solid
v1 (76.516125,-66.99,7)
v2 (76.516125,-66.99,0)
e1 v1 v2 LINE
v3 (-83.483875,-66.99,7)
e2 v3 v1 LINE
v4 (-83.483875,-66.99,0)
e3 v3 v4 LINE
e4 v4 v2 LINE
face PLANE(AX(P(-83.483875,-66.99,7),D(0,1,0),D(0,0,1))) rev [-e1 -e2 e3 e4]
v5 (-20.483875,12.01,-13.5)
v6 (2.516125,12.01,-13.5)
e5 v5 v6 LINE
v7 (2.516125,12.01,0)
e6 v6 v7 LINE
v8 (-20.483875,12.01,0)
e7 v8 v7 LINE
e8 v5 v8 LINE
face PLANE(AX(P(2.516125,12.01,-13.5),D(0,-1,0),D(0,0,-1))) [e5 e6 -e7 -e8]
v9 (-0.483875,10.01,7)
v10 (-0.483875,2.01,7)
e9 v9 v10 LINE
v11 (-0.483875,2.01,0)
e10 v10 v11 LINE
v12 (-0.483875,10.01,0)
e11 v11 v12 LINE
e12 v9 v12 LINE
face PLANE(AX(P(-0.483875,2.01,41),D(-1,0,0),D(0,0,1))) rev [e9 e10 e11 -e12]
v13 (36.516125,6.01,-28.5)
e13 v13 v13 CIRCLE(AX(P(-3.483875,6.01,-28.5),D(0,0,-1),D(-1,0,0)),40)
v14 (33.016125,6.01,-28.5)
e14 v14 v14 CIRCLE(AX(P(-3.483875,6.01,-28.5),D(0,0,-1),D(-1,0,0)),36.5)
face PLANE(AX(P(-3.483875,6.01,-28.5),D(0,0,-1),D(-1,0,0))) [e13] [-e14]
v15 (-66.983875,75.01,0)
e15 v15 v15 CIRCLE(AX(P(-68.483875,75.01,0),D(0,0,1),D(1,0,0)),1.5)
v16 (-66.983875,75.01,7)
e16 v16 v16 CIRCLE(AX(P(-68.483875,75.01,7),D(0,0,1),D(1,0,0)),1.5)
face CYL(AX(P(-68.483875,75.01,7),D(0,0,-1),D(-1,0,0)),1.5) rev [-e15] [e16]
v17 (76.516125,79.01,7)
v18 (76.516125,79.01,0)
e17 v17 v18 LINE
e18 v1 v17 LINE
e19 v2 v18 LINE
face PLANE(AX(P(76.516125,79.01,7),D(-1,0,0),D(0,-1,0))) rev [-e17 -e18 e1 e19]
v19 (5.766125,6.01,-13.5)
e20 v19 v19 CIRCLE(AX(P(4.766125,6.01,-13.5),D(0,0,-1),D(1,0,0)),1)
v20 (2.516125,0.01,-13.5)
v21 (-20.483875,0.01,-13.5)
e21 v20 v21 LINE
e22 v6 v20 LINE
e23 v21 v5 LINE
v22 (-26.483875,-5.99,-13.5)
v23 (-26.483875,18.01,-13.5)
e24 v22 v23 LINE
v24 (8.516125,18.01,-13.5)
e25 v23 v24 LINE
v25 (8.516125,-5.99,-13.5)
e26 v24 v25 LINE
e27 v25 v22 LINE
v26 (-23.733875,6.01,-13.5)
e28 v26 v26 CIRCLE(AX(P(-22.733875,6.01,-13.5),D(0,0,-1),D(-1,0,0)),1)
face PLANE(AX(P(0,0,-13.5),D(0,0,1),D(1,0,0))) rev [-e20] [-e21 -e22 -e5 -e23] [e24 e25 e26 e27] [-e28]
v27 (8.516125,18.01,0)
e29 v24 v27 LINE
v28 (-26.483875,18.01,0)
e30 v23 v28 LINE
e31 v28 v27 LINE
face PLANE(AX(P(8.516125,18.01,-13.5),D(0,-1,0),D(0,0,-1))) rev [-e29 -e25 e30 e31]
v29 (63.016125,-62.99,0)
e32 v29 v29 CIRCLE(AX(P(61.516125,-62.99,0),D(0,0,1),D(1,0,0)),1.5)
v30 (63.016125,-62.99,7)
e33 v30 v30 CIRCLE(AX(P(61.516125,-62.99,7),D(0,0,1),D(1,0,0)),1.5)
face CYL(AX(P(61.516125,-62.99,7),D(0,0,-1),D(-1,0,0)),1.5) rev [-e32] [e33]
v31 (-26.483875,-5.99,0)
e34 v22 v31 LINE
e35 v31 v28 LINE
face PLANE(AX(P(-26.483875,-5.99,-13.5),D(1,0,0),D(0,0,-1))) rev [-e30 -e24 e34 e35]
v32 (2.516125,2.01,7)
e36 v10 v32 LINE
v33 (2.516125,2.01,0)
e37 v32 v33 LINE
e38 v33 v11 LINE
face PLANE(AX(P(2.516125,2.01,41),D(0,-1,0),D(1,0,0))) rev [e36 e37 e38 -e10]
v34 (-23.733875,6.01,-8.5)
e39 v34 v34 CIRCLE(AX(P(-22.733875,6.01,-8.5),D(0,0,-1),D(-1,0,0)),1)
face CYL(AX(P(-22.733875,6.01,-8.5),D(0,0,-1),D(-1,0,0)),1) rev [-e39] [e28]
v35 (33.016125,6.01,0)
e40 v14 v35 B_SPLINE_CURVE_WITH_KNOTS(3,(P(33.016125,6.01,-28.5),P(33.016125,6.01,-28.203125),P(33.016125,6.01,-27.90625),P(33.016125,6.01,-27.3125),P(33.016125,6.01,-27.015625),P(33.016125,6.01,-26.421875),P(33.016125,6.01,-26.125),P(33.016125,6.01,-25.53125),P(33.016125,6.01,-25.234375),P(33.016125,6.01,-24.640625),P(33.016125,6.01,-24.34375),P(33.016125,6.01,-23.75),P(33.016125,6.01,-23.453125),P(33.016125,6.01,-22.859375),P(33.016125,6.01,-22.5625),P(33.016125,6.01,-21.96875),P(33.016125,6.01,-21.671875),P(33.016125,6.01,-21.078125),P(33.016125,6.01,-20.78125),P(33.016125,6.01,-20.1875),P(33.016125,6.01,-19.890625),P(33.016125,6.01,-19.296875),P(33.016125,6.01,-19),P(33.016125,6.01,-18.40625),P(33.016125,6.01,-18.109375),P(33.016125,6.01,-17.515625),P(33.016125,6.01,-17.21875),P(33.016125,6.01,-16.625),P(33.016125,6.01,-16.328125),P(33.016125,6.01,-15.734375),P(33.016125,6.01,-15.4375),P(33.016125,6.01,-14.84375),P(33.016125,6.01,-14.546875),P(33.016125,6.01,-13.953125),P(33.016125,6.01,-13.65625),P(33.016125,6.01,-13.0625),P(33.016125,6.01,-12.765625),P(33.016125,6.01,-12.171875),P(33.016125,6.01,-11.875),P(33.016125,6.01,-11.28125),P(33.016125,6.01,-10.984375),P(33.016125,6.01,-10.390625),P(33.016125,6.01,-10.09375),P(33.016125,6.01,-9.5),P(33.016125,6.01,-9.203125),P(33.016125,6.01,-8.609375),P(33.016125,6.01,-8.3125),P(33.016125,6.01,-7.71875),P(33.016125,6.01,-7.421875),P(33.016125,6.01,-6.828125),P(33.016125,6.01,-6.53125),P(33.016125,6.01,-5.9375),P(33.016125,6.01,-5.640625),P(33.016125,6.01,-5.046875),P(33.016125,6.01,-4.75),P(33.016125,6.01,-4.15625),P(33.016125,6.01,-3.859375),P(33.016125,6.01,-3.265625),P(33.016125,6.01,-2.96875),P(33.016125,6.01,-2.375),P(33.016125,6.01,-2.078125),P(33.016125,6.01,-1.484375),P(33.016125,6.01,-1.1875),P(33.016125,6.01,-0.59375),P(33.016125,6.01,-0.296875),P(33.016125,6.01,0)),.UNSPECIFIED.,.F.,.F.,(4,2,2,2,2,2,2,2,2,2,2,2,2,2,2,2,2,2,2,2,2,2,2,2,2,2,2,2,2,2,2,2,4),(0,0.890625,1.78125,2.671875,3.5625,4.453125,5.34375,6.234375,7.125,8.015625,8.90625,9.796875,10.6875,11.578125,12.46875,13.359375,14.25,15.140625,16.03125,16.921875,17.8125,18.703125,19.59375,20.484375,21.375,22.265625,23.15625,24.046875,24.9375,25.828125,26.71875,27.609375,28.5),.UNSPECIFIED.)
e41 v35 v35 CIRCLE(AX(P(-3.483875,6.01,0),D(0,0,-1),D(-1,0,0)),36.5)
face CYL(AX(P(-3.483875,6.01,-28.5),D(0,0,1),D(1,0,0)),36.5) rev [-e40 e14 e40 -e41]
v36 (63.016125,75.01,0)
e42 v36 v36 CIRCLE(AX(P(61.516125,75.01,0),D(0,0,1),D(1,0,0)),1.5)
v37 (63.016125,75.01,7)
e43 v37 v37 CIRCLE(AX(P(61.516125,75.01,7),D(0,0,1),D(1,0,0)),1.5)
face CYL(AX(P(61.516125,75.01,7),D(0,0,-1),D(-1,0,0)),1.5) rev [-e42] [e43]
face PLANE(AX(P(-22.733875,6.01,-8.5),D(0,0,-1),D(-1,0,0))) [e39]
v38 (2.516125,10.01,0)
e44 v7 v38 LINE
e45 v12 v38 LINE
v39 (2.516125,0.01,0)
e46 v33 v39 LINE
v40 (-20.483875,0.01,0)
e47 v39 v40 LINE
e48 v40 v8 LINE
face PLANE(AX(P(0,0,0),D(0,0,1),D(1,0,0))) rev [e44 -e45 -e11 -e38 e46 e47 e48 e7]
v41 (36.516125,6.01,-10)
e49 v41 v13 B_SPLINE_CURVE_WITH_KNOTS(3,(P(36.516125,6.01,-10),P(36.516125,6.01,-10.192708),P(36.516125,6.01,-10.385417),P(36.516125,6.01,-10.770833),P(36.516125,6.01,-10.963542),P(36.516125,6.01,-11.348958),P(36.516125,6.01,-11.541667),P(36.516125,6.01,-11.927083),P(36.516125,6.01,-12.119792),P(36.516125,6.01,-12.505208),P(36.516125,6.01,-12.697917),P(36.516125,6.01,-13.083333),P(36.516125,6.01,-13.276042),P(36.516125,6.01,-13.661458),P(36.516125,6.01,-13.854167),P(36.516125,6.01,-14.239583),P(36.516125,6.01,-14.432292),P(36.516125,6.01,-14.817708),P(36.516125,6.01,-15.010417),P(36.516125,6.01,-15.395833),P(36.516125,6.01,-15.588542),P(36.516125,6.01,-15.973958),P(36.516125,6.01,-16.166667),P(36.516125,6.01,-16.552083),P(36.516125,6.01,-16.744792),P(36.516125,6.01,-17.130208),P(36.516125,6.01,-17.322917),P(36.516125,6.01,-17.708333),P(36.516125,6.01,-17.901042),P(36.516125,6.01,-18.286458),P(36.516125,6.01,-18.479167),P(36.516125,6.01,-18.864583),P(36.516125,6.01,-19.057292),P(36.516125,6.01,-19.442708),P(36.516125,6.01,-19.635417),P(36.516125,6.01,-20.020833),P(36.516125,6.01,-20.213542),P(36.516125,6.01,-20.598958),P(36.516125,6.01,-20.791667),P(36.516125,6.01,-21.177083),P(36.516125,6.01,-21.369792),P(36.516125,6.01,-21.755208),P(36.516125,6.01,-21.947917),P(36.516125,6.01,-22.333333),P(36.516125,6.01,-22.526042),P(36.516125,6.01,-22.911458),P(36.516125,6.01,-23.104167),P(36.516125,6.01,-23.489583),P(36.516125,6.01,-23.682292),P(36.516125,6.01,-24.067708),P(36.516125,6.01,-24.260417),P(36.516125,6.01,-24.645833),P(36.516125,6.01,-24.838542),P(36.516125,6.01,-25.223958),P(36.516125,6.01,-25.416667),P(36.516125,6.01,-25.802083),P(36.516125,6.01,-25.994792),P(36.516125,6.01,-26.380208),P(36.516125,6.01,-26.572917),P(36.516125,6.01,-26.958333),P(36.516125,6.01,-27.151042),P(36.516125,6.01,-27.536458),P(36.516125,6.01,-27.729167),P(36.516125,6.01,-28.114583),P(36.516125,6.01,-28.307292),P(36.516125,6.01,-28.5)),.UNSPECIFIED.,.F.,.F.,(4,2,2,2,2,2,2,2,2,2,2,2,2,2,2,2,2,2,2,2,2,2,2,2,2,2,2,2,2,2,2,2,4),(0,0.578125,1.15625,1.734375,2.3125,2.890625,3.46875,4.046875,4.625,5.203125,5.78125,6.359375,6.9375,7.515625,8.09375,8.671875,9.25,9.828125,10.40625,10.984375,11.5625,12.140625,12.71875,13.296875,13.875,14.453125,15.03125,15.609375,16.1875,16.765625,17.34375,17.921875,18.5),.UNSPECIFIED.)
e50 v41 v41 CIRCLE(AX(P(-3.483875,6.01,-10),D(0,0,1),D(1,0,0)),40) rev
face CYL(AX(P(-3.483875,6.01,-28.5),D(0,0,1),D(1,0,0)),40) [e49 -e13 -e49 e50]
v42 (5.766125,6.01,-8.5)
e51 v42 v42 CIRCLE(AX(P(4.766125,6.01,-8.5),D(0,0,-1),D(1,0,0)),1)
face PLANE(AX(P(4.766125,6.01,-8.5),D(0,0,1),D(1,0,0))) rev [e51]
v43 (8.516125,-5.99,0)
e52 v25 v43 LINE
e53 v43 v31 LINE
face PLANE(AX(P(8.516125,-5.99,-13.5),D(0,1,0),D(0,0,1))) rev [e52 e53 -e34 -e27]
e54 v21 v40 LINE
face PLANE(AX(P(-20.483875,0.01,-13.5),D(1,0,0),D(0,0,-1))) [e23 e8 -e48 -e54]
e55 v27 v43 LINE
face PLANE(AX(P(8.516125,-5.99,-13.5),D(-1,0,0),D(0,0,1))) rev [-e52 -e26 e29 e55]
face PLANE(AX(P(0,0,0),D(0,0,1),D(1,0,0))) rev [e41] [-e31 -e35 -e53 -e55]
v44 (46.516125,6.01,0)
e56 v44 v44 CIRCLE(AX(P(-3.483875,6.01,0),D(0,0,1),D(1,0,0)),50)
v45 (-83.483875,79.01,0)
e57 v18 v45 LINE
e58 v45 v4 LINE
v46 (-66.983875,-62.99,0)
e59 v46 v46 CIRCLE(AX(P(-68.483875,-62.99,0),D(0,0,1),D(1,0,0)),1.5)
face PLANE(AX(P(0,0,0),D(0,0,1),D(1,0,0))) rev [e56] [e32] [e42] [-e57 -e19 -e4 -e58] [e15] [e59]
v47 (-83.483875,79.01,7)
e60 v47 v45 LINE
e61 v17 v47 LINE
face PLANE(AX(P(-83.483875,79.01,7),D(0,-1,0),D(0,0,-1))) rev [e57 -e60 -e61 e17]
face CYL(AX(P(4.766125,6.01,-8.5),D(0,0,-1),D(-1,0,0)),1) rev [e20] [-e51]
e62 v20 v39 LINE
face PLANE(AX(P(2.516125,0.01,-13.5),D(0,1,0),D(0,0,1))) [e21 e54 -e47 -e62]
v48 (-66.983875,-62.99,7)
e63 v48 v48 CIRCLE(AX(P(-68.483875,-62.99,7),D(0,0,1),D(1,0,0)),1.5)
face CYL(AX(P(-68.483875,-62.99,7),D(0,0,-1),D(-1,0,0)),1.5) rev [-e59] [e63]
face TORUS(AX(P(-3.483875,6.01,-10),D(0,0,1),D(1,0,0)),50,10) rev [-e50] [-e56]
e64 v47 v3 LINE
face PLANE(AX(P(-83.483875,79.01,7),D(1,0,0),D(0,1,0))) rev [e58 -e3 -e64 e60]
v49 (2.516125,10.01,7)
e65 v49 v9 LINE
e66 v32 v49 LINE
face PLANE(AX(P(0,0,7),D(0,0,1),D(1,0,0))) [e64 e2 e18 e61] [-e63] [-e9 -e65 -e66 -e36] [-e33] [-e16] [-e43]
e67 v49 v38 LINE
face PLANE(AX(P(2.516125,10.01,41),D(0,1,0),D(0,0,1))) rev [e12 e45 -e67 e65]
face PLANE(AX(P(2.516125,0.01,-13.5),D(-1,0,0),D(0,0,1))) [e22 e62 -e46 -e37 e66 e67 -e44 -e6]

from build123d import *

# Parameters (mm, degrees)
SCHIZZO1_W                   = 160
SCHIZZO1_H                   = 146
SCHIZZO1_R                   = 1.5
ESTRUSIONE_ESTRUSIONE1_DEPTH = 7
SCHIZZO2_W                   = 35
SCHIZZO2_H                   = 24
SCHIZZO2_W_2                 = 23
SCHIZZO2_H_2                 = 12
ESTRUSIONE_ESTRUSIONE2_DEPTH = 13.5
SCHIZZO3_R                   = 1
TAGLIO_ESTRUSIONE1_DEPTH     = 5
SCHIZZO4_R                   = 40
SCHIZZO4_R_2                 = 36.5
ESTRUSIONE_ESTRUSIONE3_DEPTH = 28.5
RACCORDO1_R                  = 10
SCHIZZO5_W                   = 3
SCHIZZO5_H                   = 8
TAGLIO_ESTRUSIONE2_DEPTH     = 41


with BuildPart() as part:
    # Schizzo1 → Estrusione-Estrusione1 (new body)
    with BuildSketch(Plane.XY):
        with Locations((-3.483874863, 6.01)):
            Rectangle(SCHIZZO1_W, SCHIZZO1_H)
        with Locations((-68.483874863, 75.01)):
            Circle(SCHIZZO1_R, mode=Mode.SUBTRACT)
        with Locations((61.516125137, 75.01)):
            Circle(SCHIZZO1_R, mode=Mode.SUBTRACT)
        with Locations((-68.483874863, -62.99)):
            Circle(SCHIZZO1_R, mode=Mode.SUBTRACT)
        with Locations((61.516125137, -62.99)):
            Circle(SCHIZZO1_R, mode=Mode.SUBTRACT)
    extrude(amount=ESTRUSIONE_ESTRUSIONE1_DEPTH)

    # Schizzo2 → Estrusione-Estrusione2 (add)
    with BuildSketch(Plane(origin=(0, 0, 0), x_dir=(-1, 0, 0), z_dir=(0, 0, -1))):
        with Locations((8.983874863, 6.01)):
            Rectangle(SCHIZZO2_W, SCHIZZO2_H)
        with Locations((8.983874863, 6.01)):
            Rectangle(SCHIZZO2_W_2, SCHIZZO2_H_2, mode=Mode.SUBTRACT)
    extrude(amount=ESTRUSIONE_ESTRUSIONE2_DEPTH)

    # Schizzo3 → Taglio-Estrusione1 (cut)
    with BuildSketch(Plane(origin=(0, 0, -13.5), x_dir=(-1, 0, 0), z_dir=(0, 0, -1))):
        with Locations((22.733874863, 6.01)):
            Circle(SCHIZZO3_R)
        with Locations((-4.766125137, 6.01)):
            Circle(SCHIZZO3_R)
    extrude(amount=-TAGLIO_ESTRUSIONE1_DEPTH, mode=Mode.SUBTRACT)

    # Schizzo4 → Estrusione-Estrusione3 (add)
    with BuildSketch(Plane(origin=(0, 0, 0), x_dir=(-1, 0, 0), z_dir=(0, 0, -1))):
        with Locations((3.483874863, 6.01)):
            Circle(SCHIZZO4_R)
        with Locations((3.483874863, 6.01)):
            Circle(SCHIZZO4_R_2, mode=Mode.SUBTRACT)
    extrude(amount=ESTRUSIONE_ESTRUSIONE3_DEPTH)

    # Raccordo1
    raccordo1_edges = [part.edges().sort_by_distance(p)[0] for p in [
        (36.516125137, 6.01, 0),
    ]]
    fillet(raccordo1_edges, radius=RACCORDO1_R)

    # Schizzo5 → Taglio-Estrusione2 (cut)
    with BuildSketch(Plane(origin=(0, 0, 0), x_dir=(-1, 0, 0), z_dir=(0, 0, -1))):
        with Locations((-1.016125137, 6.01)):
            Rectangle(SCHIZZO5_W, SCHIZZO5_H)
    extrude(amount=-TAGLIO_ESTRUSIONE2_DEPTH, mode=Mode.SUBTRACT)


solid = part.part
